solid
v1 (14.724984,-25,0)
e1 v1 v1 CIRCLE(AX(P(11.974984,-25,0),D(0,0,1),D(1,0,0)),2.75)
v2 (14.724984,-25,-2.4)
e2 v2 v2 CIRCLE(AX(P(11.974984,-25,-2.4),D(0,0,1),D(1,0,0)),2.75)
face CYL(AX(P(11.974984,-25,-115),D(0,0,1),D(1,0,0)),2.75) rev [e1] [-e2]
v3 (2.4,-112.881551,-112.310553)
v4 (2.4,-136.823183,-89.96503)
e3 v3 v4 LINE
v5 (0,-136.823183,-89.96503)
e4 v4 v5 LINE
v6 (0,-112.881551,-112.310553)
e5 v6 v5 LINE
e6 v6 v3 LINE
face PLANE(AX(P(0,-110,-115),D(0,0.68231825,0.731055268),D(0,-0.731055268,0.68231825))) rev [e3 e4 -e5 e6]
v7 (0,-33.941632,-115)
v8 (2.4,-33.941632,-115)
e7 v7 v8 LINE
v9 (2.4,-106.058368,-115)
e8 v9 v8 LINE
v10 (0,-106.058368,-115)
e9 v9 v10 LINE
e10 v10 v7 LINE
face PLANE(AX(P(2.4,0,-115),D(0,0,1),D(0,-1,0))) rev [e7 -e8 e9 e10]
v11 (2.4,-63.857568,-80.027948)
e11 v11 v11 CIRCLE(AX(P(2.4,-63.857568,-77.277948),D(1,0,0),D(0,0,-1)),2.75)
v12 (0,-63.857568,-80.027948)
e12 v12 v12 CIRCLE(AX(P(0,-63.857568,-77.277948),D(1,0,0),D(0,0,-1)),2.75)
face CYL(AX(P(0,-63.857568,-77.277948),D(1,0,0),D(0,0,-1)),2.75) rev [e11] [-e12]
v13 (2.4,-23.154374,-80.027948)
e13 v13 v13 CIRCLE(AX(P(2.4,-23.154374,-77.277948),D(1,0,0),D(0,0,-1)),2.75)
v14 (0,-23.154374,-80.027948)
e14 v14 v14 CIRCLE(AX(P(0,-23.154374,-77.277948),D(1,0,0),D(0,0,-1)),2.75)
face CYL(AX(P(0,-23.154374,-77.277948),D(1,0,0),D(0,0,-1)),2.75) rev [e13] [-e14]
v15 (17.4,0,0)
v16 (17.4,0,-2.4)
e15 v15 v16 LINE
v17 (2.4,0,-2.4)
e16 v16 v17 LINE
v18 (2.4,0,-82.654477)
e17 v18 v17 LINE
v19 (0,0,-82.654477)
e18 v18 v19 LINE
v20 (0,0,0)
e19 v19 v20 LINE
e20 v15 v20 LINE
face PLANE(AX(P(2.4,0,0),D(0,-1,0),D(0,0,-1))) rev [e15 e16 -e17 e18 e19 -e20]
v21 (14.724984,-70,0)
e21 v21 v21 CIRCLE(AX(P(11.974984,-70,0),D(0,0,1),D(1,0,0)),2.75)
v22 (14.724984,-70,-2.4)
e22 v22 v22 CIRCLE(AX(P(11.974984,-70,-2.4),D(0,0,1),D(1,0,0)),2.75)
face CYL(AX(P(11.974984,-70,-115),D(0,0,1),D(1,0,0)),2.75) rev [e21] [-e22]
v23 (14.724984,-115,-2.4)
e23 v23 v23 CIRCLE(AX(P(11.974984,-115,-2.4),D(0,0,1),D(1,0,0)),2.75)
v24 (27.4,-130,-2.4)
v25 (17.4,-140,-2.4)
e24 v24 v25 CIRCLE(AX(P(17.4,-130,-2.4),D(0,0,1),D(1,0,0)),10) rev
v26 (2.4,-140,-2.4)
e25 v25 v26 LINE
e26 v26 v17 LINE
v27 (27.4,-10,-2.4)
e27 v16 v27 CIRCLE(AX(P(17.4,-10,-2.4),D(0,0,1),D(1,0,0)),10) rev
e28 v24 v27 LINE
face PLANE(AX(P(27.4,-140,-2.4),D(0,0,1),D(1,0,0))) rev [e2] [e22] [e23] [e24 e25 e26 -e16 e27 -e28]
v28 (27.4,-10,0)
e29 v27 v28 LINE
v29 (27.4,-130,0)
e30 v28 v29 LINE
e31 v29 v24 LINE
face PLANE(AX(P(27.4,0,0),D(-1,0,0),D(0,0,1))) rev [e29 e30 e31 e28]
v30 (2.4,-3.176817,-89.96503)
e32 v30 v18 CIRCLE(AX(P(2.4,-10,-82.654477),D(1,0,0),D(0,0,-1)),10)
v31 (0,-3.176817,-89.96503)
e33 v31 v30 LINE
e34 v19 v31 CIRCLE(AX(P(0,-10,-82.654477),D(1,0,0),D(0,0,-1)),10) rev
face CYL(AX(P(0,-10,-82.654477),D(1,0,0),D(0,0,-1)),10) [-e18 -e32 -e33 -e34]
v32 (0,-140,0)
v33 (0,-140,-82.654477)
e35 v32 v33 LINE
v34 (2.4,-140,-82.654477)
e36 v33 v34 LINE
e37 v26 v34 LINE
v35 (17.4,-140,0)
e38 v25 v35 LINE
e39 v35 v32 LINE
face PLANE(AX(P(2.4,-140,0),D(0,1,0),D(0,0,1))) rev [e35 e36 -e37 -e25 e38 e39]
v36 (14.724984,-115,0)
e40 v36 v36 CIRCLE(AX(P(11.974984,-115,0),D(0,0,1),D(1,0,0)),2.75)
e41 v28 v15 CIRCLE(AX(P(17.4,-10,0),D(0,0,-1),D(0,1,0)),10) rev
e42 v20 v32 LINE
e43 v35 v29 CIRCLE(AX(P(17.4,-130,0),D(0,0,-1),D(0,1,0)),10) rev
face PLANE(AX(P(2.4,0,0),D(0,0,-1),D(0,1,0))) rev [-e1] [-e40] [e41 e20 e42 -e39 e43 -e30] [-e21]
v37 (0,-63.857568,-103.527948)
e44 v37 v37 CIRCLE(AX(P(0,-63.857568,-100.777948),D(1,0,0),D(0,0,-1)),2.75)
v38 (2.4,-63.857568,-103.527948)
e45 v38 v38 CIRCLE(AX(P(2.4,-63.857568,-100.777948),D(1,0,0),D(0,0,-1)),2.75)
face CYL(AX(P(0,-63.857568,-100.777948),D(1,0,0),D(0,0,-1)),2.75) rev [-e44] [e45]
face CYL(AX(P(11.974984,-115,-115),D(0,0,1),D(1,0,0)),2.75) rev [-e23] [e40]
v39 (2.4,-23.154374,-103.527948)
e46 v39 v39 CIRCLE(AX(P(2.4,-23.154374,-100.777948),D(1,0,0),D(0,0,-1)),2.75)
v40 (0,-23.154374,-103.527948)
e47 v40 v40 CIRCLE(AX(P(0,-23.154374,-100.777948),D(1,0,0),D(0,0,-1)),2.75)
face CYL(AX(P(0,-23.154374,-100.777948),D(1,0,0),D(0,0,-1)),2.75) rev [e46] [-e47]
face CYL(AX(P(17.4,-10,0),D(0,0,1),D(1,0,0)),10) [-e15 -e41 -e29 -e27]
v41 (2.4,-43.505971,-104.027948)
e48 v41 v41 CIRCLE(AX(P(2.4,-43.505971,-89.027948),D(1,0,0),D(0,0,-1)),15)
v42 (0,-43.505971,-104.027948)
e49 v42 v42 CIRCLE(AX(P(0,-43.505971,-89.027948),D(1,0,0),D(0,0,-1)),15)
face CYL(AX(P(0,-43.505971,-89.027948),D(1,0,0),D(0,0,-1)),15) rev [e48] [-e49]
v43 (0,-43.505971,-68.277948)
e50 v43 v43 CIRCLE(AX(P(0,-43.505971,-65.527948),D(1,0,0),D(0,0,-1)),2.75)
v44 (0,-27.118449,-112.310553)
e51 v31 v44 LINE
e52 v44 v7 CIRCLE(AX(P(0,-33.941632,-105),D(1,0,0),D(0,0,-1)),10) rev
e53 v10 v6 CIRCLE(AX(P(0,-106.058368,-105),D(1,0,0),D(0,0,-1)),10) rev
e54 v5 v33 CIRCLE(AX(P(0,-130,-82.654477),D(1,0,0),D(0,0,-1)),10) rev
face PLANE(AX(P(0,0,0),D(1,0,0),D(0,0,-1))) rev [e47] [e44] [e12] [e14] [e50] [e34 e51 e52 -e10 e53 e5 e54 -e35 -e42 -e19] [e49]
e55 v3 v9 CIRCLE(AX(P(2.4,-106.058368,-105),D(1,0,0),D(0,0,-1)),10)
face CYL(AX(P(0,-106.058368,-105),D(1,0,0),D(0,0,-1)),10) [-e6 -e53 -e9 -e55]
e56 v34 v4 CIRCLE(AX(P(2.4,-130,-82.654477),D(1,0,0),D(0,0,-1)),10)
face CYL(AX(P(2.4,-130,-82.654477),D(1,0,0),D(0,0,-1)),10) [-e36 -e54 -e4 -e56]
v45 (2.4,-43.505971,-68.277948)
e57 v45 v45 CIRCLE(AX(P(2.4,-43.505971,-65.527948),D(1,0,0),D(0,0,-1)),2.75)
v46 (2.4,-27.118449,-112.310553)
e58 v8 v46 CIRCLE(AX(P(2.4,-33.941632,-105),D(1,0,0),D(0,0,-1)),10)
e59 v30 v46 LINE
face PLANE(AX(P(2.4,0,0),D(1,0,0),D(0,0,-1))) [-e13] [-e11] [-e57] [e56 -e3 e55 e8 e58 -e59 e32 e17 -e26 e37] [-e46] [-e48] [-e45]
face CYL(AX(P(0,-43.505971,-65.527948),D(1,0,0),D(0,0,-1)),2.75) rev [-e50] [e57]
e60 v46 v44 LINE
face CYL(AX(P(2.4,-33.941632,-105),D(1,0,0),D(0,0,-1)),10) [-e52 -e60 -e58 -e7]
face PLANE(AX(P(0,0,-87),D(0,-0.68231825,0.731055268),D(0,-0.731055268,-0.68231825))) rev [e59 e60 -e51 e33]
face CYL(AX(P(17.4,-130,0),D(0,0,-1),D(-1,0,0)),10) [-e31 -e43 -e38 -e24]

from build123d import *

# Parameters (mm, degrees)
SKETCH1_W           = 115
SKETCH1_H           = 140
BOSS_EXTRUDE1_DEPTH = 2.4
CUT_EXTRUDE1_DEPTH  = 3.4
FILLET1_R           = 10
SKETCH3_W           = 2.4
SKETCH3_H           = 140
BOSS_EXTRUDE2_DEPTH = 25
FILLET2_R           = 10
SKETCH4_R           = 2.75
CUT_EXTRUDE2_DEPTH  = 116
SKETCH5_R           = 15
SKETCH5_R_2         = 2.75
CUT_EXTRUDE3_DEPTH  = 3.4


with BuildPart() as part:
    # Sketch1 → Boss-Extrude1 (new body)
    with BuildSketch(Plane(origin=(0, 0, 0), x_dir=(0, 0, -1), z_dir=(1, 0, 0))):
        with Locations((57.5, -70)):
            Rectangle(SKETCH1_W, SKETCH1_H)
    extrude(amount=BOSS_EXTRUDE1_DEPTH)

    # Sketch2 → Cut-Extrude1 (cut, through all)
    with BuildSketch(Plane(origin=(2.4, 0, 0), x_dir=(0, 0, -1), z_dir=(1, 0, 0))):
        Polygon((87, 0), (115, -30), (142.616199658, -32.505405645), (142.616199658, 14.875556406), align=None)
        Polygon((115, -110), (87, -140), (87, -152.661109726), (136.310004643, -152.661109726), align=None)
    extrude(amount=-CUT_EXTRUDE1_DEPTH, mode=Mode.SUBTRACT)

    # Fillet1
    fillet1_edges = [part.edges().sort_by_distance(p)[0] for p in [
        (1.2, 0, -87),
        (1.2, -30, -115),
        (1.2, -110, -115),
        (1.2, -140, -87),
    ]]
    fillet(fillet1_edges, radius=FILLET1_R)

    # Sketch3 → Boss-Extrude2 (add)
    with BuildSketch(Plane(origin=(2.4, 0, 0), x_dir=(0, 0, -1), z_dir=(1, 0, 0))):
        with Locations((1.2, -70)):
            Rectangle(SKETCH3_W, SKETCH3_H)
    extrude(amount=BOSS_EXTRUDE2_DEPTH)

    # Fillet2
    fillet2_edges = [part.edges().sort_by_distance(p)[0] for p in [
        (27.4, -140, -1.2),
        (27.4, 0, -1.2),
    ]]
    fillet(fillet2_edges, radius=FILLET2_R)

    # Sketch4 → Cut-Extrude2 (cut, through all)
    with BuildSketch(Plane.XY):
        with Locations((11.974983581, -70)):
            Circle(SKETCH4_R)
        with Locations((11.974983581, -25)):
            Circle(SKETCH4_R)
        with Locations((11.974983581, -115)):
            Circle(SKETCH4_R)
    extrude(amount=-CUT_EXTRUDE2_DEPTH, mode=Mode.SUBTRACT)

    # Sketch5 → Cut-Extrude3 (cut, through all)
    with BuildSketch(Plane(origin=(2.4, 0, 0), x_dir=(0, 0, -1), z_dir=(1, 0, 0))):
        with Locations((89.027947804, -43.505970801)):
            Circle(SKETCH5_R)
        with Locations((77.277947804, -23.154373812)):
            Circle(SKETCH5_R_2)
        with Locations((100.777947804, -23.154373812)):
            Circle(SKETCH5_R_2)
        with Locations((65.527947804, -43.505970801)):
            Circle(SKETCH5_R_2)
        with Locations((77.277947804, -63.85756779)):
            Circle(SKETCH5_R_2)
        with Locations((100.777947804, -63.85756779)):
            Circle(SKETCH5_R_2)
    extrude(amount=-CUT_EXTRUDE3_DEPTH, mode=Mode.SUBTRACT)


solid = part.part
